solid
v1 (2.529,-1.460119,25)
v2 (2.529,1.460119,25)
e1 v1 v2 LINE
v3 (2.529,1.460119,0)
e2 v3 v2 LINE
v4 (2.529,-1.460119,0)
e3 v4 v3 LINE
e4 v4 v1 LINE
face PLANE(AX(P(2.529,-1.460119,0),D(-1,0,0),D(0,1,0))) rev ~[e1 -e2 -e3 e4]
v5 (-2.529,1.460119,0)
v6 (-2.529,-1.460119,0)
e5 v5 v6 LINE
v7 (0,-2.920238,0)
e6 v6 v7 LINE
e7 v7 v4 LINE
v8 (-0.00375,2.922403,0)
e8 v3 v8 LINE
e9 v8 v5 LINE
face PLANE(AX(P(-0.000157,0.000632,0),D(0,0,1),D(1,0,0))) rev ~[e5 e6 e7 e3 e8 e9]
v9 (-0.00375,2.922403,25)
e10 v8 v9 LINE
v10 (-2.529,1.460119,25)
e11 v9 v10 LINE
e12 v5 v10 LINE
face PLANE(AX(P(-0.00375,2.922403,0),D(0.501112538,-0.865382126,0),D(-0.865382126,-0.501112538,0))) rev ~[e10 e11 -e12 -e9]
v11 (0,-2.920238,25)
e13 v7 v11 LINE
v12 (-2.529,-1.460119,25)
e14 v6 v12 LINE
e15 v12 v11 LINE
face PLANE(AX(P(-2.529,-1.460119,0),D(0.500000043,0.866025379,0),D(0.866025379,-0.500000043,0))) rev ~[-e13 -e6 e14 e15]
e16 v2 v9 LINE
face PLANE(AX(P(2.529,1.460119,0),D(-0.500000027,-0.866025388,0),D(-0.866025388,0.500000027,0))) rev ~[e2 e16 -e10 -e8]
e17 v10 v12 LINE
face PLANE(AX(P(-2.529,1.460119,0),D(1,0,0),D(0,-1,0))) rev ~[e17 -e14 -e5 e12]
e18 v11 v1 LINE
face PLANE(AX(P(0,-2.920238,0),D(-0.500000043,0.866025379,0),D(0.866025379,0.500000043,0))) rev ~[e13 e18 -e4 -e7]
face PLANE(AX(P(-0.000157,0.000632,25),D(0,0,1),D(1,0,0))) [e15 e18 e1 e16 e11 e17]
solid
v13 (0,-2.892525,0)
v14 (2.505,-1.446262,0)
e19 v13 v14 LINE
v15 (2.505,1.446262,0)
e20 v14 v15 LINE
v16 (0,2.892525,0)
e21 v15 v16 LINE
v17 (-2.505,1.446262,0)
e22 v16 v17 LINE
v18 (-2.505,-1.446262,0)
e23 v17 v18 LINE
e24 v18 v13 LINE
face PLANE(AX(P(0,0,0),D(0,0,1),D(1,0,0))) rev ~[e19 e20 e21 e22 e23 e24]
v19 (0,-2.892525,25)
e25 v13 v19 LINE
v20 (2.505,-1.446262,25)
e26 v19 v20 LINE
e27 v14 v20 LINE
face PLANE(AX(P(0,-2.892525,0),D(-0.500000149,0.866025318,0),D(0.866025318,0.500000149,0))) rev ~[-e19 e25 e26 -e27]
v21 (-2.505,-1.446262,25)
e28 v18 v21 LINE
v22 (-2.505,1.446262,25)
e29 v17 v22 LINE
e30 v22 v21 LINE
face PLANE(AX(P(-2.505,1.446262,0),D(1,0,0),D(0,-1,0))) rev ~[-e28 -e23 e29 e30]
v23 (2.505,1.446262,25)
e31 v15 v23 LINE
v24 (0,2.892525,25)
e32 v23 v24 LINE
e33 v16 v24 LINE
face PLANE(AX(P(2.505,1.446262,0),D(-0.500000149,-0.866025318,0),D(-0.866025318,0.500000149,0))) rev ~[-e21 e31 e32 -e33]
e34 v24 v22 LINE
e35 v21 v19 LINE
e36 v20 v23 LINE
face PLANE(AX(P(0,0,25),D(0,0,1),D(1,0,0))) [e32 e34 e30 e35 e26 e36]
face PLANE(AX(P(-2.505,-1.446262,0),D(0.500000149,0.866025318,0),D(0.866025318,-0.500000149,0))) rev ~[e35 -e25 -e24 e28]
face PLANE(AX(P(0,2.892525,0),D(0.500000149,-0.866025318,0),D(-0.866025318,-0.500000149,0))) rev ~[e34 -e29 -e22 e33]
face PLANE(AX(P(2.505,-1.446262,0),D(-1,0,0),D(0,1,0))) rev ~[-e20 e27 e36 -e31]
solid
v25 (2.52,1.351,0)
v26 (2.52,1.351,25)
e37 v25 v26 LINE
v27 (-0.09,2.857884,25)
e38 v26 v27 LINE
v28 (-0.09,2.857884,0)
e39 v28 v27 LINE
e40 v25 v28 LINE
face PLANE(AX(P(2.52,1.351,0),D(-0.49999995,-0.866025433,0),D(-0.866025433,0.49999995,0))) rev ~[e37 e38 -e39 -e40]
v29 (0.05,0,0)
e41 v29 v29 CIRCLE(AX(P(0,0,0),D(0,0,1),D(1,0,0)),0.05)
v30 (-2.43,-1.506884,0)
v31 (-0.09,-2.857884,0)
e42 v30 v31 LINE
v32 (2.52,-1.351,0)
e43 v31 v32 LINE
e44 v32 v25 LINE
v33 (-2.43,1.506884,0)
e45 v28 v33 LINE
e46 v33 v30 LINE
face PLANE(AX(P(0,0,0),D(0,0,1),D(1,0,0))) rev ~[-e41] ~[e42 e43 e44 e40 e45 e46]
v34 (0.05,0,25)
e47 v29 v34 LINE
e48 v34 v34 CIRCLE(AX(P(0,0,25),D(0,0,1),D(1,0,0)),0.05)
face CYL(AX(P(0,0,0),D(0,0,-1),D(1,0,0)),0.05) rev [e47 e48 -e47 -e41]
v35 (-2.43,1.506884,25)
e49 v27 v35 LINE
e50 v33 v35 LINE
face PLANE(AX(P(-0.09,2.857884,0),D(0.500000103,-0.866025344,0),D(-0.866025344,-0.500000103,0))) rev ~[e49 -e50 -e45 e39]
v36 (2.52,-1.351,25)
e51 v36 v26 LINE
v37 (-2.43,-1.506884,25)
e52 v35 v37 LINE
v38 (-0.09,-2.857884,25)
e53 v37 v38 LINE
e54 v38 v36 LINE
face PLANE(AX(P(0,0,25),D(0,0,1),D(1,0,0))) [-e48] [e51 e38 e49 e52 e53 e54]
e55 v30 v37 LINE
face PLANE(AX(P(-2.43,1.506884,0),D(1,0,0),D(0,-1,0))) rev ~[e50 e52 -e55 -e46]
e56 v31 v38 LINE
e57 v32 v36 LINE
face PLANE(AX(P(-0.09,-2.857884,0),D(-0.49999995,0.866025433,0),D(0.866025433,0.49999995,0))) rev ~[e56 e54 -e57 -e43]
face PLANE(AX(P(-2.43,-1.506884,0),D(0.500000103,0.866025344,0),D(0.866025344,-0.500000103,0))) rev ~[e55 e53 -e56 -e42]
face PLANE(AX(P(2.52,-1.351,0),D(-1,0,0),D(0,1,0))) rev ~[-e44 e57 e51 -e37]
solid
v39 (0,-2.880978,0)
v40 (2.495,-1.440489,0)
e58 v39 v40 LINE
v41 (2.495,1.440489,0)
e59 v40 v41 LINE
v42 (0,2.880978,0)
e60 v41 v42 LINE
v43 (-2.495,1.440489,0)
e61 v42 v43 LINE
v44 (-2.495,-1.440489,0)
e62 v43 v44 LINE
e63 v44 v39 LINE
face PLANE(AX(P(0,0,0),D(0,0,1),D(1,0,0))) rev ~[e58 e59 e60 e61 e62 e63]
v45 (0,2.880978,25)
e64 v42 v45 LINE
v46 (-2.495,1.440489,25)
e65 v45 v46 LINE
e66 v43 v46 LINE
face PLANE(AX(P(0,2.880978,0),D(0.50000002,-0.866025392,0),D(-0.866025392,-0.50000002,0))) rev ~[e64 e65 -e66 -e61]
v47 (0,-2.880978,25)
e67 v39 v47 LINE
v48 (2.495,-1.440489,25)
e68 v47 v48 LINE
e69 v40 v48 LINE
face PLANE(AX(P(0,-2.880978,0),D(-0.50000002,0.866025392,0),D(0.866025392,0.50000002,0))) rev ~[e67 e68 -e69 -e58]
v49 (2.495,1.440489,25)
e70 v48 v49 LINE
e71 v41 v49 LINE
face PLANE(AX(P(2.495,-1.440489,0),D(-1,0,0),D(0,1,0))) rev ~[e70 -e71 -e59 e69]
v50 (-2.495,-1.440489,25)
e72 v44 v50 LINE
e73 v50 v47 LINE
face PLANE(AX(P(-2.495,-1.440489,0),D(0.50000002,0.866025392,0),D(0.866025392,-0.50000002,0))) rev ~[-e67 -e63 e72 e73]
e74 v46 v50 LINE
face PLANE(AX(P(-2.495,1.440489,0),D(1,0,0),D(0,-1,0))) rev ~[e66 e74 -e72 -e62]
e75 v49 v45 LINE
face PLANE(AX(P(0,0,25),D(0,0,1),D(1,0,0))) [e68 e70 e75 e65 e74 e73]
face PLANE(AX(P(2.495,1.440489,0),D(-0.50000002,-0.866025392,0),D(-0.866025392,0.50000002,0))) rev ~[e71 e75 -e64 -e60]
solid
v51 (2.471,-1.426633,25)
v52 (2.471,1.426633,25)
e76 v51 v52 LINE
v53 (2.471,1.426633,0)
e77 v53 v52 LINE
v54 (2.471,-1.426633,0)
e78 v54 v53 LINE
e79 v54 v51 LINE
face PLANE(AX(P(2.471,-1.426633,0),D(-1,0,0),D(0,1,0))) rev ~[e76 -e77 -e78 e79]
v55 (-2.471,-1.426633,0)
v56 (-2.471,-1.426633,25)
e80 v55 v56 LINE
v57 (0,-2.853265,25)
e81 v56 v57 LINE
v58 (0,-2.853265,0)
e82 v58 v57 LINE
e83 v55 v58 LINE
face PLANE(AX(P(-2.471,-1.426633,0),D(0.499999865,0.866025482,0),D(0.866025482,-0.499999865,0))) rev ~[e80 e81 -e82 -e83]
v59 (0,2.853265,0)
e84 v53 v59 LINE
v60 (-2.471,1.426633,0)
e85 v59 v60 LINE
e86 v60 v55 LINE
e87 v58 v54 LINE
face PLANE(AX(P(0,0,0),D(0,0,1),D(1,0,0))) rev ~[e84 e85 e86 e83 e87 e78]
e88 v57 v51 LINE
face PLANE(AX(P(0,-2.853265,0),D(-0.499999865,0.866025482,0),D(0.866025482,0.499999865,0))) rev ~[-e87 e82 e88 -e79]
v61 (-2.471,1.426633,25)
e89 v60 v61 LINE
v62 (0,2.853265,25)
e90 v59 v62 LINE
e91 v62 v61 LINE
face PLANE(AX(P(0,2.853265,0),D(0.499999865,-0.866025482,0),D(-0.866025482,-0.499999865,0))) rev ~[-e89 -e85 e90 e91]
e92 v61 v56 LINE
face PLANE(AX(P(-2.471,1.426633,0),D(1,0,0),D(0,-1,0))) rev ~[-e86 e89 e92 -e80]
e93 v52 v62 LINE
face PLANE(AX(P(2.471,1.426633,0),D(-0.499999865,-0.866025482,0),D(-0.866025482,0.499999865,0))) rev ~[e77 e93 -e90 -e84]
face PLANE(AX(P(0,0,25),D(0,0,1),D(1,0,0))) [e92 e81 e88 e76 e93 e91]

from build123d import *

# Parameters (mm, degrees)
F1_DEPTH = 25
F3_DEPTH = 25
F5_DEPTH = 25
F7_DEPTH = 25
F8_R     = 0.05
F9_DEPTH = 25


with BuildPart() as f1:
    # F0 (on Top) → F1 (new body)
    with BuildSketch(Plane.XY):
        Polygon((2.529, -1.460119), (2.529, 1.460119), (-0.00375, 2.922403), (-2.529, 1.460119), (-2.529, -1.460119), (0, -2.920238), align=None)
    extrude(amount=F1_DEPTH)


with BuildPart() as f3:
    # F2 (on Top) → F3 (new body)
    with BuildSketch(Plane.XY):
        Polygon((2.505, -1.446262), (2.505, 1.446262), (0, 2.892525), (-2.505, 1.446262), (-2.505, -1.446262), (0, -2.892525), align=None)
    extrude(amount=F3_DEPTH)


with BuildPart() as f5:
    # F4 (on Top) → F5 (new body)
    with BuildSketch(Plane.XY):
        Polygon((2.471, -1.426633), (2.471, 1.426633), (0, 2.853265), (-2.471, 1.426633), (-2.471, -1.426633), (0, -2.853265), align=None)
    extrude(amount=F5_DEPTH)


with BuildPart() as f7:
    # F6 (on Top) → F7 (new body)
    with BuildSketch(Plane.XY):
        Polygon((2.495, -1.440489), (2.495, 1.440489), (0, 2.880978), (-2.495, 1.440489), (-2.495, -1.440489), (0, -2.880978), align=None)
    extrude(amount=F7_DEPTH)


with BuildPart() as f9:
    # F8 (on Top) → F9 (new body)
    with BuildSketch(Plane.XY):
        Polygon((2.52, 1.351), (-0.09, 2.857884), (-2.43, 1.506884), (-2.43, -1.506884), (-0.09, -2.857884), (2.52, -1.351), align=None)
        Circle(F8_R, mode=Mode.SUBTRACT)
    extrude(amount=F9_DEPTH)


solid = Compound([f1.part, f3.part, f5.part, f7.part, f9.part])
